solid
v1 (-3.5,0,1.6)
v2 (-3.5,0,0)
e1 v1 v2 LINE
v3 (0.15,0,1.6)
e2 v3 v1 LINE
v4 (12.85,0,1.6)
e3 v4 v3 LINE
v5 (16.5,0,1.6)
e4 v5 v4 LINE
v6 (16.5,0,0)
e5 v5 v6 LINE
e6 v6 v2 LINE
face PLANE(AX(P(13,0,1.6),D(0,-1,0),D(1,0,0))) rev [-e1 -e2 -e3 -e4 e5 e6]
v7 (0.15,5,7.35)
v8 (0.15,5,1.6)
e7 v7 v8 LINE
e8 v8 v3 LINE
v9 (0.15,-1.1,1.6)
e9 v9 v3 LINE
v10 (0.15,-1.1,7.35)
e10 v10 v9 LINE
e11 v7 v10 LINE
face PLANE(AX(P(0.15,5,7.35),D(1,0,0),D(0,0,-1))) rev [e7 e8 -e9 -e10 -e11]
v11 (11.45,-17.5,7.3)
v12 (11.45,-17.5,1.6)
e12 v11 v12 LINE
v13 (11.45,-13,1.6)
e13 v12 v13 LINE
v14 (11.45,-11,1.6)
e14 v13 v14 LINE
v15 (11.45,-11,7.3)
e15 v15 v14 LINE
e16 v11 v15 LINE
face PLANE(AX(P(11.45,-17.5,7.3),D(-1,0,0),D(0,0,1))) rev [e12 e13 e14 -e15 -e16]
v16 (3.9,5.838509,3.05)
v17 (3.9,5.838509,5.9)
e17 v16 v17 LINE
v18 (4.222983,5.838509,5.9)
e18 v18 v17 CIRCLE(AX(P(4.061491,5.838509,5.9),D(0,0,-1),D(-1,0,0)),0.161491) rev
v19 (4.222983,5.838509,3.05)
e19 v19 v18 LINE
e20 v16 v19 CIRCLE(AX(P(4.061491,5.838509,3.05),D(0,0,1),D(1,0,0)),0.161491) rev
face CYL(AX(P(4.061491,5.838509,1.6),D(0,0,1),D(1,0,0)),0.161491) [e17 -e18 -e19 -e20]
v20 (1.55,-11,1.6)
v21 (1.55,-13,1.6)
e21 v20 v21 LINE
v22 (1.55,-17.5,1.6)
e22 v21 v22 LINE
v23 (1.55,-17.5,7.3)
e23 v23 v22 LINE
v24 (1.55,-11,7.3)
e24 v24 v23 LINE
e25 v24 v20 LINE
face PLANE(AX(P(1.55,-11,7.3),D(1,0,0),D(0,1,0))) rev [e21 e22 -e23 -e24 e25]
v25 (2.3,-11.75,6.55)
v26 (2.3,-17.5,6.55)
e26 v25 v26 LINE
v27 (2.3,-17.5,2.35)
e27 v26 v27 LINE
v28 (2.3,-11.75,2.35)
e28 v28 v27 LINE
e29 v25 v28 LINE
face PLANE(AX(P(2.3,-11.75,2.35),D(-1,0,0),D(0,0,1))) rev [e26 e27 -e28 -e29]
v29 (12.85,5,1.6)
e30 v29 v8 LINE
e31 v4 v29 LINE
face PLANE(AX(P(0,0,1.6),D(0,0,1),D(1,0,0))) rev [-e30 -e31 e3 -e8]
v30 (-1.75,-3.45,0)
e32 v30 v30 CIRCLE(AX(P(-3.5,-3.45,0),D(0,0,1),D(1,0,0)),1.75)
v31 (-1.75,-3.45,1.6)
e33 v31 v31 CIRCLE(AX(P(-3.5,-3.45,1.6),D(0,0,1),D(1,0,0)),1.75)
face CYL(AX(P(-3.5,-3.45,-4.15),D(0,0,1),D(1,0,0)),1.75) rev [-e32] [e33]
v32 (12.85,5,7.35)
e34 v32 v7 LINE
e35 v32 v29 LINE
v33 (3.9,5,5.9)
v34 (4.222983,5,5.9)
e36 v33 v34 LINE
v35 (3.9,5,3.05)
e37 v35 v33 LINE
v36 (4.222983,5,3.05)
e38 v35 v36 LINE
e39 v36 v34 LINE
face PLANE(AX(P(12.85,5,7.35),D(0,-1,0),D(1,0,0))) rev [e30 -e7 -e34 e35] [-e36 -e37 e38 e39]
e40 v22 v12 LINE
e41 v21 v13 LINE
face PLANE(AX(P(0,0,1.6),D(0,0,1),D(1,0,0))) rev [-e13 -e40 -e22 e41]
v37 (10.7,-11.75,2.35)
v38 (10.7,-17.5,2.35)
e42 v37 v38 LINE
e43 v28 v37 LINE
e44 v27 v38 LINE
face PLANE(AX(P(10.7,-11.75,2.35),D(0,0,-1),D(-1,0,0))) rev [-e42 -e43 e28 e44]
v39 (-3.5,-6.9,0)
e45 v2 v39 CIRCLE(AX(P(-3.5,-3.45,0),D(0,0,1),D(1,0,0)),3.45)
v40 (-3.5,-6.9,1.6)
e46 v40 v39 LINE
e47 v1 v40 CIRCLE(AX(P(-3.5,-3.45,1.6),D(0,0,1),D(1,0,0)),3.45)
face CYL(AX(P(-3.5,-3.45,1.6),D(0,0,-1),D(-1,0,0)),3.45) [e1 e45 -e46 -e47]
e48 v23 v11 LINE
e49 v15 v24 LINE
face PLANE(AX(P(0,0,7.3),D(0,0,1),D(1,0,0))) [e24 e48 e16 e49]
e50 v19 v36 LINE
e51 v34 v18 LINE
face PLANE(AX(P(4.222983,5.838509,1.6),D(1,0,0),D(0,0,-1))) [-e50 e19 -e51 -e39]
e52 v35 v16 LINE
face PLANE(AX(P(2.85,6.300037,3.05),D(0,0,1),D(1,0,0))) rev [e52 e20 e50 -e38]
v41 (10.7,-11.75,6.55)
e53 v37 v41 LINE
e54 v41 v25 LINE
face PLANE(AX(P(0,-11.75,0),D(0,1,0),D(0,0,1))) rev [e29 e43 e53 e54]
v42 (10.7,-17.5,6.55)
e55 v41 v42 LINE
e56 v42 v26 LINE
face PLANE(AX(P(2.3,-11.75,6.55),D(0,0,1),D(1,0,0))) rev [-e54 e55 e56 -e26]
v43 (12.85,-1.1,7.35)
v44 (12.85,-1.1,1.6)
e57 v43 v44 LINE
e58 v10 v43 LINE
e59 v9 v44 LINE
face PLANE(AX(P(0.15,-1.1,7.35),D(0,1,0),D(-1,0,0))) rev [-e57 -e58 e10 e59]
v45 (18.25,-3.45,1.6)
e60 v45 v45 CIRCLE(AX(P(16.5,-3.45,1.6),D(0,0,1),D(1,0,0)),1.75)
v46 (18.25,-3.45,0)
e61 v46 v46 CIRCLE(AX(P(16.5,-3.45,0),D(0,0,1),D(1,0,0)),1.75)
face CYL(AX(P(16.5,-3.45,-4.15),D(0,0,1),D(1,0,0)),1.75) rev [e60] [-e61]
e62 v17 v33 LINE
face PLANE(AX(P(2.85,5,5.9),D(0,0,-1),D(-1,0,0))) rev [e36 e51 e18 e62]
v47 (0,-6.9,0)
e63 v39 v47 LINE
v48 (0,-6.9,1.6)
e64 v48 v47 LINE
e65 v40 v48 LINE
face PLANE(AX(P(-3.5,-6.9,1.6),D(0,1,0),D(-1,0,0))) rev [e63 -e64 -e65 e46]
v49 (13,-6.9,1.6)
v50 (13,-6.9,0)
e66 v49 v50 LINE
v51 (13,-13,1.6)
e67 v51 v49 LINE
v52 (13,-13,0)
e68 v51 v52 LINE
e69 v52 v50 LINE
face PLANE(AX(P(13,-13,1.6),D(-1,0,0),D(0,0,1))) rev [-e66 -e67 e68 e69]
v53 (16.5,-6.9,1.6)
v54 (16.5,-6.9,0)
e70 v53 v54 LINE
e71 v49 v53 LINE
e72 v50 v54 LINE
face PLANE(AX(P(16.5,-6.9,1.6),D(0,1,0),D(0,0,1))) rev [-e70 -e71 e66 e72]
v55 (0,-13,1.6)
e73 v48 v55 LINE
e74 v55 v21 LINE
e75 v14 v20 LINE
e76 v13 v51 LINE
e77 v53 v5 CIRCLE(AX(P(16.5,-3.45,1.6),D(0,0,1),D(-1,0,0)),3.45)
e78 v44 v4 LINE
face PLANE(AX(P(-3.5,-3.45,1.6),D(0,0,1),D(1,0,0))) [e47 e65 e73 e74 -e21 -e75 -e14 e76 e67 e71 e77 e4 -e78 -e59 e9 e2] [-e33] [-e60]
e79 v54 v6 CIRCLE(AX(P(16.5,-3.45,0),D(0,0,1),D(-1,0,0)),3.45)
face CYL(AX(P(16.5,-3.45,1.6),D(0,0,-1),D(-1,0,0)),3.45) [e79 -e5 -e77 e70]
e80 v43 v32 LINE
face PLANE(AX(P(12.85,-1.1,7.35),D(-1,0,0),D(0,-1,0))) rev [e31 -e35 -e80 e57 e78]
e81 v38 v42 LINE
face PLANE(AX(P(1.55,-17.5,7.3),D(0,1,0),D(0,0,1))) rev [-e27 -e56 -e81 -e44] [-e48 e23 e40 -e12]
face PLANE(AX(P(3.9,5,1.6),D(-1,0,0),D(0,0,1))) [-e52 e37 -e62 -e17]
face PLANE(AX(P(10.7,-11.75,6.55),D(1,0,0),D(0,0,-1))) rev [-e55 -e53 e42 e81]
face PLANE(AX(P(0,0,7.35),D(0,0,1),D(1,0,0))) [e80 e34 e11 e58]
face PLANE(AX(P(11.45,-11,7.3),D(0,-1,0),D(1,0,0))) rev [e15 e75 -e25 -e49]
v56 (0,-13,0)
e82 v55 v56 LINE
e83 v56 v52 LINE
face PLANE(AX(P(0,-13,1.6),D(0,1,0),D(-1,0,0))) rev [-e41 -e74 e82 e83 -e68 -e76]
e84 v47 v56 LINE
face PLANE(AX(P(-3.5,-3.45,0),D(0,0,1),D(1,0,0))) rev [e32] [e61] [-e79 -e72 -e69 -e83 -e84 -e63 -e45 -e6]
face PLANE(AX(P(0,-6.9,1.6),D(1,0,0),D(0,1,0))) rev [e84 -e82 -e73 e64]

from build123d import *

# Parameters (mm, degrees)
BOSS_EXTRUDE1_DEPTH = 1.6
SKETCH2_W           = 9.9
SKETCH2_H           = 6.5
BOSS_EXTRUDE2_DEPTH = 5.7
SKETCH3_W           = 8.4
SKETCH3_H           = 4.2
CUT_EXTRUDE1_DEPTH  = 5.75
SKETCH4_R           = 1.75
CUT_EXTRUDE2_DEPTH  = 5.75
SKETCH5_W           = 12.7
SKETCH5_H           = 6.1
BOSS_EXTRUDE3_DEPTH = 5.75
BOSS_EXTRUDE4_DEPTH = 5.75
SKETCH8_W           = 1.45
SKETCH8_H           = 1.30003701
CUT_EXTRUDE3_DEPTH  = 10


with BuildPart() as part:
    # Sketch1 → Boss-Extrude1 (new body)
    with BuildSketch(Plane.XY):
        with BuildLine():
            Line((0, -6.9), (0, -13))
            Line((0, -13), (13, -13))
            Line((13, -13), (13, -6.9))
            Line((13, -6.9), (16.5, -6.9))
            ThreePointArc((16.5, -6.9), (19.95, -3.45), (16.5, 0))
            Line((16.5, 0), (13, 0))
            Line((13, 0), (0, 0))
            Line((0, 0), (-3.5, 0))
            ThreePointArc((-3.5, 0), (-6.95, -3.45), (-3.5, -6.9))
            Line((-3.5, -6.9), (0, -6.9))
        make_face()
    extrude(amount=BOSS_EXTRUDE1_DEPTH)

    # Sketch2 → Boss-Extrude2 (add)
    with BuildSketch(Plane.XY.offset(1.6)):
        with Locations((6.5, -14.25)):
            Rectangle(SKETCH2_W, SKETCH2_H)
    extrude(amount=BOSS_EXTRUDE2_DEPTH)

    # Sketch3 → Cut-Extrude1 (cut)
    with BuildSketch(Plane.XZ.offset(17.5)):
        with Locations((6.5, 4.45)):
            Rectangle(SKETCH3_W, SKETCH3_H)
    extrude(amount=-CUT_EXTRUDE1_DEPTH, mode=Mode.SUBTRACT)

    # Sketch4 → Cut-Extrude2 (cut)
    with BuildSketch(Plane.XY.offset(1.6)):
        with Locations((-3.5, -3.45)):
            Circle(SKETCH4_R)
        with Locations((16.5, -3.45)):
            Circle(SKETCH4_R)
    extrude(amount=-CUT_EXTRUDE2_DEPTH, mode=Mode.SUBTRACT)

    # Sketch5 → Boss-Extrude3 (add)
    with BuildSketch(Plane.XY.offset(1.6)):
        with Locations((6.5, 1.95)):
            Rectangle(SKETCH5_W, SKETCH5_H)
    extrude(amount=BOSS_EXTRUDE3_DEPTH)

    # Sketch7 → Boss-Extrude4 (add)
    with BuildSketch(Plane.XY.offset(7.35)):
        with BuildLine():
            Line((3.9, 5), (3.9, 5.838508632))
            ThreePointArc((3.9, 5.838508632), (4.061491368, 6), (4.222982736, 5.838508632))
            Line((4.222982736, 5.838508632), (4.222982736, 5))
            Line((4.222982736, 5), (3.9, 5))
        make_face()
    extrude(amount=-BOSS_EXTRUDE4_DEPTH)

    # Sketch8 → Cut-Extrude3 (cut)
    with BuildSketch(Plane(origin=(12.85, 0, 0), x_dir=(0, 0, -1), z_dir=(1, 0, 0))):
        with Locations((-6.625, 5.650018505)):
            Rectangle(SKETCH8_W, SKETCH8_H)
        with Locations((-2.325, 5.650018505)):
            Rectangle(SKETCH8_W, SKETCH8_H)
    extrude(amount=-CUT_EXTRUDE3_DEPTH, mode=Mode.SUBTRACT)


solid = part.part
